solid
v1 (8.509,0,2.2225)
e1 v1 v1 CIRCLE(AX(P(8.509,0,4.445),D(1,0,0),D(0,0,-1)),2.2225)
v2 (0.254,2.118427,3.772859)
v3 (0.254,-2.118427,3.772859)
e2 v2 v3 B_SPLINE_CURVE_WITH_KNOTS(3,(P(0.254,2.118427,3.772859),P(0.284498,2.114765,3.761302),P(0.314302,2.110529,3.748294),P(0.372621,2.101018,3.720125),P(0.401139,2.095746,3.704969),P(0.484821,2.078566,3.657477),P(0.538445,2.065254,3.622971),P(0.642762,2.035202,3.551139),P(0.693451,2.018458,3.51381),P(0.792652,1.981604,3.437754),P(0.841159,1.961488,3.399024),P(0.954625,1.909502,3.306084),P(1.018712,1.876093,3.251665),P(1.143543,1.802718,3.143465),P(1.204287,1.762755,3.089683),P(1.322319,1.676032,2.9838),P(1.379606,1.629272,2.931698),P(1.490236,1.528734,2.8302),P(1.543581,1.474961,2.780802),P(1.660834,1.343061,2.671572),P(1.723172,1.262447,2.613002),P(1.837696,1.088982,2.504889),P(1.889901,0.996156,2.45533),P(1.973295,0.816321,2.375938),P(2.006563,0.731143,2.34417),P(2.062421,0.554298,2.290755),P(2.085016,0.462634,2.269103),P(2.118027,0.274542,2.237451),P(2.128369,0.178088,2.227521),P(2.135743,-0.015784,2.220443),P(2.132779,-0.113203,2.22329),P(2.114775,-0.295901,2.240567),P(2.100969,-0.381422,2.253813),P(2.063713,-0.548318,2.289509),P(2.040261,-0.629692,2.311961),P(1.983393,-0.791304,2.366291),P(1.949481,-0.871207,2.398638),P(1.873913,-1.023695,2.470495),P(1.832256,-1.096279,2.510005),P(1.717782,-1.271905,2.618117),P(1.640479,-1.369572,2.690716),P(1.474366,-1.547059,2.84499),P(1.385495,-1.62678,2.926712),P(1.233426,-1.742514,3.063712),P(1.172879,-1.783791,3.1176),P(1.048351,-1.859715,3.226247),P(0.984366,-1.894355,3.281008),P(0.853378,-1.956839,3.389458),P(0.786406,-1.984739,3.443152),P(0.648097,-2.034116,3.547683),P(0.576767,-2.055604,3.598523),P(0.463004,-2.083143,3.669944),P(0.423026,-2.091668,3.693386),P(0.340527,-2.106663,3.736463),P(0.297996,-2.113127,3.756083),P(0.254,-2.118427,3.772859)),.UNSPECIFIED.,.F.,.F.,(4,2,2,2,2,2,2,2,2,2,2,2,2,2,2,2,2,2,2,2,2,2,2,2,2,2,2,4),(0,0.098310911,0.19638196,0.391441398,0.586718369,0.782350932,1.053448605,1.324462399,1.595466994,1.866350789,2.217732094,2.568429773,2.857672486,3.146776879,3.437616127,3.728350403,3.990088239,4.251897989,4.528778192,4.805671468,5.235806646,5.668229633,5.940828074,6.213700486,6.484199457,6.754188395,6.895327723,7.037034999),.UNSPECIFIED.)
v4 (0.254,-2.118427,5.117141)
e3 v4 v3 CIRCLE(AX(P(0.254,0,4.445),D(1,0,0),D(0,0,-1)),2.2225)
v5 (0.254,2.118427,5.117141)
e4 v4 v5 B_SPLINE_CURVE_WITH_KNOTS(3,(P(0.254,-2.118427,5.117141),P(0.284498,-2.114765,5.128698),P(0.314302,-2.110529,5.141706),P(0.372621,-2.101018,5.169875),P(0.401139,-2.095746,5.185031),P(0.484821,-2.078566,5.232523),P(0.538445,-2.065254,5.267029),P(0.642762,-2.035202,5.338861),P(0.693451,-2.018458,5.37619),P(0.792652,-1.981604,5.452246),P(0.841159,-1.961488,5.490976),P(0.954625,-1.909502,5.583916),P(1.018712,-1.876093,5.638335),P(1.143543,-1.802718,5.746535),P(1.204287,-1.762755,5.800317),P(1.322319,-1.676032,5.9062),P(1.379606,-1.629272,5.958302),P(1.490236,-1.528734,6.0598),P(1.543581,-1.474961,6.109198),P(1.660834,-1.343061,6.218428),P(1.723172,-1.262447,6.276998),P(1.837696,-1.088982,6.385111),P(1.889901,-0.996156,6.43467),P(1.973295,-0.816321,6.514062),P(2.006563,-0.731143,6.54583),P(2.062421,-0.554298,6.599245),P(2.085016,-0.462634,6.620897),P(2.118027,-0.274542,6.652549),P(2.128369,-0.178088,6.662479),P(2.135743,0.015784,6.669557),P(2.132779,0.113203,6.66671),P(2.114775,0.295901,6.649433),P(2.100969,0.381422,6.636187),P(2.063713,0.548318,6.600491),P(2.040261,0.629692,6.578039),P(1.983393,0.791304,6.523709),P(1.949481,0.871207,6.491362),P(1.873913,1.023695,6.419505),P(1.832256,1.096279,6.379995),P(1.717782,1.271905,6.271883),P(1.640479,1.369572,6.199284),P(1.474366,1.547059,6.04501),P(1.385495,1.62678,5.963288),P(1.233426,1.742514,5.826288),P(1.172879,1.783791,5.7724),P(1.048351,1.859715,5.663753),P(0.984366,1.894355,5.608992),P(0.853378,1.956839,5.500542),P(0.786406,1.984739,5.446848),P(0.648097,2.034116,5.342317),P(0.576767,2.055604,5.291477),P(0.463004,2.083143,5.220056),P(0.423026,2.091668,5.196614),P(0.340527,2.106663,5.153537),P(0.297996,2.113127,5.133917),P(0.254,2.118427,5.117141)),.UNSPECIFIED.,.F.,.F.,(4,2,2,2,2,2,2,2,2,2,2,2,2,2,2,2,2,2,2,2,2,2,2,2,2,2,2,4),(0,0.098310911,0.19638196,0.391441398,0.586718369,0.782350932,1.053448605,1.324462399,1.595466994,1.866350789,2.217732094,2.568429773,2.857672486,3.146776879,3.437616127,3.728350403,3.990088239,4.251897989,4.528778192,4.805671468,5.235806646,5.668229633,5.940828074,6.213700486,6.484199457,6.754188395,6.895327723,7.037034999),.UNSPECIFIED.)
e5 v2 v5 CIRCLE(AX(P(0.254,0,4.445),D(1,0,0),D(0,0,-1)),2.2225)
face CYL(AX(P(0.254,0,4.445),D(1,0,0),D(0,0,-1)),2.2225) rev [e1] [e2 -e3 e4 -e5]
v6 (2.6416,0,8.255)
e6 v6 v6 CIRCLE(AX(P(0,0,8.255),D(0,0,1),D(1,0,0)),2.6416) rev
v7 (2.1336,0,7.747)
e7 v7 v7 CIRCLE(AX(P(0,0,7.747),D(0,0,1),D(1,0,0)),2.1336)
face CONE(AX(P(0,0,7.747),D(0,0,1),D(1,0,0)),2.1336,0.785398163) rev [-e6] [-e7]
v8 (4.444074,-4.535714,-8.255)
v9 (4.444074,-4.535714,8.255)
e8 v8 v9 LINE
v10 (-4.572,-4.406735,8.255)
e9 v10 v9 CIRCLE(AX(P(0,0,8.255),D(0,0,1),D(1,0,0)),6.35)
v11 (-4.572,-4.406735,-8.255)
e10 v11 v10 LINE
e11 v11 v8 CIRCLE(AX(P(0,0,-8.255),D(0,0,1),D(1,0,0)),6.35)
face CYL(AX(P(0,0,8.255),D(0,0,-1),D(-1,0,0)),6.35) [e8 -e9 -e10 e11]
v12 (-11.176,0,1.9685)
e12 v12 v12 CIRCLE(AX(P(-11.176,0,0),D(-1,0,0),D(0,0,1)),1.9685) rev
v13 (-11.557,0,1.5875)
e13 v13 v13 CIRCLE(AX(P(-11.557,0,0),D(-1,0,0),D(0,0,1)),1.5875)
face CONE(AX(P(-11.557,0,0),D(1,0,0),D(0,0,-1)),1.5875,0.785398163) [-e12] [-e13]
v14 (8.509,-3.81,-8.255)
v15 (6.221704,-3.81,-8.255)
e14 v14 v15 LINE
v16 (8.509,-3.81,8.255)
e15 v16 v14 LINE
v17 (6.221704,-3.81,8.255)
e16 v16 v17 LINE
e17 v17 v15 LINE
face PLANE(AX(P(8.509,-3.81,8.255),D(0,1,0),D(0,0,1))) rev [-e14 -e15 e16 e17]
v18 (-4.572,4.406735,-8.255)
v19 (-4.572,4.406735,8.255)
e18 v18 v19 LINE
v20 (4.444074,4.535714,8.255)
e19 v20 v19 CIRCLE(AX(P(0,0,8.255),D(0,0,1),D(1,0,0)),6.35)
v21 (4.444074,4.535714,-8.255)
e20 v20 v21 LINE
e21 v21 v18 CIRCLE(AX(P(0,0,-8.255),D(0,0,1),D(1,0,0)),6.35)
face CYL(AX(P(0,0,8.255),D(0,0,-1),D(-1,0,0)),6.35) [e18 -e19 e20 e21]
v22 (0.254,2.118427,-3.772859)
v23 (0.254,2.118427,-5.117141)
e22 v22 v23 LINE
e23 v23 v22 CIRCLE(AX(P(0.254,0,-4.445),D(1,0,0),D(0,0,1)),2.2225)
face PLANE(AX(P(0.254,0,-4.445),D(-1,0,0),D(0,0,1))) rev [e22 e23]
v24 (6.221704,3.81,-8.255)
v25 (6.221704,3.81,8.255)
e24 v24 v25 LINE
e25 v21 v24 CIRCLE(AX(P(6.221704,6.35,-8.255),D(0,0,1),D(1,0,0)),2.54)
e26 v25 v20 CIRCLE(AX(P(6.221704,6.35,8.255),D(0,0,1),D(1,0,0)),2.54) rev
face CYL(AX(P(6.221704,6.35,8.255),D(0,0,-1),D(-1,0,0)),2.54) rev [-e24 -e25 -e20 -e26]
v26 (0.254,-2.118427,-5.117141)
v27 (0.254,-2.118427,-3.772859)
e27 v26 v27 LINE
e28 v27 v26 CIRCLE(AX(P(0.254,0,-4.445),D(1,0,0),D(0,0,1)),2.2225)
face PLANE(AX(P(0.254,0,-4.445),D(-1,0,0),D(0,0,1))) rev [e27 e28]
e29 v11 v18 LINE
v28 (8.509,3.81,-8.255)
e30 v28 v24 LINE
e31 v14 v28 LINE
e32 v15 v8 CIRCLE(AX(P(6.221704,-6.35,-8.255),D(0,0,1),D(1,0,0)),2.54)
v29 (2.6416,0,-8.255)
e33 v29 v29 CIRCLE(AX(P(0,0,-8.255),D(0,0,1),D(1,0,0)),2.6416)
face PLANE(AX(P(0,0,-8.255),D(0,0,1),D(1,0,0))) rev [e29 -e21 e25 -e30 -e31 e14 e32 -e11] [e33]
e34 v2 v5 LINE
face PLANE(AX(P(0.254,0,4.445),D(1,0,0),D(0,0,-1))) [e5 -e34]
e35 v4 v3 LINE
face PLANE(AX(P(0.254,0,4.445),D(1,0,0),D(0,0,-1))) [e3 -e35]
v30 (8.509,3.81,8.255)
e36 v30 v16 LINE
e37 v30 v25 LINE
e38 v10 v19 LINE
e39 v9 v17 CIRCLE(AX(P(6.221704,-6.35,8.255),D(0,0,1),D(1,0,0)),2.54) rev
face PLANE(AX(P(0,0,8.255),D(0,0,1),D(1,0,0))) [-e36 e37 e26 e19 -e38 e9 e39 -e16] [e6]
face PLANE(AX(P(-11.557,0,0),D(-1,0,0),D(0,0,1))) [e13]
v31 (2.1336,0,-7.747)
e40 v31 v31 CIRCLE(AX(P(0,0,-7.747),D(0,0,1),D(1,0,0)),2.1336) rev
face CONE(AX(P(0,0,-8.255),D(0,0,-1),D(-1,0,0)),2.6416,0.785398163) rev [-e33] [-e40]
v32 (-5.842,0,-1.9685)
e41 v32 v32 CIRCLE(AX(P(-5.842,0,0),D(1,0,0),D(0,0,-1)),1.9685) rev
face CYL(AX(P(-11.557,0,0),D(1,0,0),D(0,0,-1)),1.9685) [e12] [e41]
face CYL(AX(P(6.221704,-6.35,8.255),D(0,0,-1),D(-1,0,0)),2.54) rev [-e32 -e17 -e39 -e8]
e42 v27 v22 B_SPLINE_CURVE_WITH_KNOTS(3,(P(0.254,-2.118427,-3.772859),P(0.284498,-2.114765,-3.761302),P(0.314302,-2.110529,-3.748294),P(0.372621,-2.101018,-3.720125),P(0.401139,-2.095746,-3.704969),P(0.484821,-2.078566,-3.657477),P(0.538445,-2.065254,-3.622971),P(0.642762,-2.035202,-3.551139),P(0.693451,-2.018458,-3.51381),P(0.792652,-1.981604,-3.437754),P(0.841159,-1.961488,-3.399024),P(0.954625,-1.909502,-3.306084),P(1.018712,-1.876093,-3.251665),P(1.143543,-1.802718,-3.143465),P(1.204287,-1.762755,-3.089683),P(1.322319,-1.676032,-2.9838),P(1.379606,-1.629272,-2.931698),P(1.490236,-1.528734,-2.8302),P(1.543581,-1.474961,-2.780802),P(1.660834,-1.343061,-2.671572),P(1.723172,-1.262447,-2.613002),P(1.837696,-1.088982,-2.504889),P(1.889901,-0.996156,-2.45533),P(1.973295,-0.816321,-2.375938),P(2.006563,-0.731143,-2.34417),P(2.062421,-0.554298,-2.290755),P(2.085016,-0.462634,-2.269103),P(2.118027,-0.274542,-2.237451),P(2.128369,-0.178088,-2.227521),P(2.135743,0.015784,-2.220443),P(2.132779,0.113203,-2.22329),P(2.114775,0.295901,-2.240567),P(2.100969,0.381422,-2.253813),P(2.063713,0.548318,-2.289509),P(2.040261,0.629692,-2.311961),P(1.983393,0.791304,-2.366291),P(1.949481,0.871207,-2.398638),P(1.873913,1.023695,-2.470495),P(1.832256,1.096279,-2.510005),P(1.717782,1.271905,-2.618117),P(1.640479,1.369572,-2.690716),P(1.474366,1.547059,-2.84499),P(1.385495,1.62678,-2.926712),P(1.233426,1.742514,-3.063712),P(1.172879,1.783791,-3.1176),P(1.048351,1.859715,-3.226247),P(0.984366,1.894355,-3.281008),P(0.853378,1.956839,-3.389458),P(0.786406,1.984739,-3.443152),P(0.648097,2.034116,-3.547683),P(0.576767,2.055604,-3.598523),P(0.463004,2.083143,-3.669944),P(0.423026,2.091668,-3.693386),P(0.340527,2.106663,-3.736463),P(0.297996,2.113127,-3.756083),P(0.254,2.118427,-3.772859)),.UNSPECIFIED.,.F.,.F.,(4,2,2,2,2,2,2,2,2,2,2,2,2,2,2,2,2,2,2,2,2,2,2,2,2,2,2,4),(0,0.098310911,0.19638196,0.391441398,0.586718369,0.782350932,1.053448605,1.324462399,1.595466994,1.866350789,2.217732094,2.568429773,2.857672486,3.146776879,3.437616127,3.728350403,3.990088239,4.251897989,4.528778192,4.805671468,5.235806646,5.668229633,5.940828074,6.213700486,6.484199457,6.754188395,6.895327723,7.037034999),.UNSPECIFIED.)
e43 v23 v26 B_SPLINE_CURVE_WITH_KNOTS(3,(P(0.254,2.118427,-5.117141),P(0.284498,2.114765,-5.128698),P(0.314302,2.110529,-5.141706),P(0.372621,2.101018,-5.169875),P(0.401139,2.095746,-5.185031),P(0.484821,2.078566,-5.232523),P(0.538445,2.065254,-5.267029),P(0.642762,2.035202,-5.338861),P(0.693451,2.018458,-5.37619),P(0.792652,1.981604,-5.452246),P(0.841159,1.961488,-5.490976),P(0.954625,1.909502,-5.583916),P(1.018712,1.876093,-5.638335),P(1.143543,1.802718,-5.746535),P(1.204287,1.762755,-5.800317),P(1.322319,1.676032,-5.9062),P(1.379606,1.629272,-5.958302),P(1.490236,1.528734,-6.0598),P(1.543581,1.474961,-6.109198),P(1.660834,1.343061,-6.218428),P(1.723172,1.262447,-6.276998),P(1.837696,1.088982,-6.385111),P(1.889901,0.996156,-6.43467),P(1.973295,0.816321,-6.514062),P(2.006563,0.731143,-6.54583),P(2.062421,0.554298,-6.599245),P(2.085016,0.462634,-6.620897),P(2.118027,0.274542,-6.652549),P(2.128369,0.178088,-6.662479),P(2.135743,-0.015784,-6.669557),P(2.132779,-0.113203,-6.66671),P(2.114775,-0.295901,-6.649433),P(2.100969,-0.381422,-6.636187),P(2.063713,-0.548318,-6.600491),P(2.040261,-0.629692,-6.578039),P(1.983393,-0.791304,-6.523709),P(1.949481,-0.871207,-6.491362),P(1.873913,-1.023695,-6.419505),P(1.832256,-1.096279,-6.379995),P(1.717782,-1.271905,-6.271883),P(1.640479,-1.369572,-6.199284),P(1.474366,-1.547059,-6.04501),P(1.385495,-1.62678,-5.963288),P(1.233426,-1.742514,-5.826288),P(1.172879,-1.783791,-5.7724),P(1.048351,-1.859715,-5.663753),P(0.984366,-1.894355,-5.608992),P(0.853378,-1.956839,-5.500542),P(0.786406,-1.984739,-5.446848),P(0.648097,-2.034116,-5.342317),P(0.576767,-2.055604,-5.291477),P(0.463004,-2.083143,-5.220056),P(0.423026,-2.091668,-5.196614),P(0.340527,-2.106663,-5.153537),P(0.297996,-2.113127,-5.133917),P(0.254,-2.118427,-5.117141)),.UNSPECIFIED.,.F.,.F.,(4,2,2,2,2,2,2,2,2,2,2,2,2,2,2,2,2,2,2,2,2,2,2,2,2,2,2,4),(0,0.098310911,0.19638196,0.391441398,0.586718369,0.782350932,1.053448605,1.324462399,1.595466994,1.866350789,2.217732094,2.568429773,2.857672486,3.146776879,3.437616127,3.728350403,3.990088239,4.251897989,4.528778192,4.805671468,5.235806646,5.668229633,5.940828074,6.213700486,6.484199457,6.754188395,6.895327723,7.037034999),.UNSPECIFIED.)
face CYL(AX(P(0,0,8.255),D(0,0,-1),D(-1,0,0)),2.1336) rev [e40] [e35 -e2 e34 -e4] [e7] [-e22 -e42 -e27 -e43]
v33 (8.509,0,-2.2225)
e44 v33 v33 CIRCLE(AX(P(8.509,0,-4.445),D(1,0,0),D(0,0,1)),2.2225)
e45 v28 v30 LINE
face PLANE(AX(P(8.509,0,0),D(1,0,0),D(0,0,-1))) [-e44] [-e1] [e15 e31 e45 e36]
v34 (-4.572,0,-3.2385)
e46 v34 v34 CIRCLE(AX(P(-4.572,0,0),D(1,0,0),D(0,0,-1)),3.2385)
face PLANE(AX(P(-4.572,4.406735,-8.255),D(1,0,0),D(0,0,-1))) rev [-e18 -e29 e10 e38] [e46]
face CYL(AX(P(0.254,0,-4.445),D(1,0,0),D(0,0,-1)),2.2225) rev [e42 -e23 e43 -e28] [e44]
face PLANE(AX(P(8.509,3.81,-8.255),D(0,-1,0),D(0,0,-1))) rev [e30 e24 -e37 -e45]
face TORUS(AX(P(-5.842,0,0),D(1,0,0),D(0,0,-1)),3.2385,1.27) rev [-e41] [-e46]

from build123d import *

# Parameters (mm, degrees)
SKETCH1_R           = 6.35
SKETCH1_R_2         = 2.1336
BOSS_EXTRUDE1_DEPTH = 8.255
CUT_EXTRUDE1_DEPTH  = 19.794283705
SKETCH4_R           = 1.9685
BOSS_EXTRUDE2_DEPTH = 6.985
SKETCH6_W           = 16.51
SKETCH6_H           = 7.62
BOSS_EXTRUDE3_DEPTH = 3.429
FILLET1_R           = 1.27
CHAMFER1_SIZE       = 0.381
SKETCH5_R           = 2.2225
CUT_EXTRUDE2_DEPTH  = 8.255
CHAMFER2_SIZE       = 0.508
FILLET2_R           = 2.54


with BuildPart() as part:
    # Sketch1 → Boss-Extrude1 (new, symmetric)
    with BuildSketch(Plane.XY):
        Circle(SKETCH1_R)
        Circle(SKETCH1_R_2, mode=Mode.SUBTRACT)
    extrude(amount=BOSS_EXTRUDE1_DEPTH, both=True)

    # Sketch3 → Cut-Extrude1 (cut, through all)
    with BuildSketch(Plane.XY.offset(8.255)):
        with BuildLine():
            Line((-4.572, 4.4067353), (-4.572, -4.4067353))
            ThreePointArc((-4.572, -4.4067353), (-6.35, 0), (-4.572, 4.4067353))
        make_face()
        with BuildLine():
            Line((5.08, 3.81), (5.08, -3.81))
            ThreePointArc((5.08, -3.81), (6.35, 0), (5.08, 3.81))
        make_face()
    extrude(amount=-CUT_EXTRUDE1_DEPTH, mode=Mode.SUBTRACT)

    # Sketch4 → Boss-Extrude2 (add)
    with BuildSketch(Plane.ZY.offset(4.572)):
        Circle(SKETCH4_R)
    extrude(amount=BOSS_EXTRUDE2_DEPTH)

    # Sketch6 → Boss-Extrude3 (add)
    with BuildSketch(Plane(origin=(5.08, 0, 0), x_dir=(0, 0, -1), z_dir=(1, 0, 0))):
        Rectangle(SKETCH6_W, SKETCH6_H)
    extrude(amount=BOSS_EXTRUDE3_DEPTH)

    # Fillet1
    fillet1_edges = [part.edges().sort_by_distance(p)[0] for p in [
        (-4.572, 0, -1.9685),
    ]]
    fillet(fillet1_edges, radius=FILLET1_R)

    # Chamfer1
    chamfer1_edges = [part.edges().sort_by_distance(p)[0] for p in [
        (-11.557, 0, -1.9685),
    ]]
    chamfer(chamfer1_edges, length=CHAMFER1_SIZE)

    # Sketch5 → Cut-Extrude2 (cut)
    with BuildSketch(Plane(origin=(8.509, 0, 0), x_dir=(0, 0, -1), z_dir=(1, 0, 0))):
        with Locations((-4.445, 0)):
            Circle(SKETCH5_R)
        with Locations(Location((4.445, 0, 0), (0, 0, 180.000000003))):
            Circle(SKETCH5_R)
    extrude(amount=-CUT_EXTRUDE2_DEPTH, mode=Mode.SUBTRACT)

    # Chamfer2
    chamfer2_edges = [part.edges().sort_by_distance(p)[0] for p in [
        (-2.1336, 0, -8.255),
        (-2.1336, 0, 8.255),
    ]]
    chamfer(chamfer2_edges, length=CHAMFER2_SIZE)

    # Fillet2
    fillet2_edges = [part.edges().sort_by_distance(p)[0] for p in [
        (5.08, 3.81, 0),
        (5.08, -3.81, 0),
    ]]
    fillet(fillet2_edges, radius=FILLET2_R)


solid = part.part
